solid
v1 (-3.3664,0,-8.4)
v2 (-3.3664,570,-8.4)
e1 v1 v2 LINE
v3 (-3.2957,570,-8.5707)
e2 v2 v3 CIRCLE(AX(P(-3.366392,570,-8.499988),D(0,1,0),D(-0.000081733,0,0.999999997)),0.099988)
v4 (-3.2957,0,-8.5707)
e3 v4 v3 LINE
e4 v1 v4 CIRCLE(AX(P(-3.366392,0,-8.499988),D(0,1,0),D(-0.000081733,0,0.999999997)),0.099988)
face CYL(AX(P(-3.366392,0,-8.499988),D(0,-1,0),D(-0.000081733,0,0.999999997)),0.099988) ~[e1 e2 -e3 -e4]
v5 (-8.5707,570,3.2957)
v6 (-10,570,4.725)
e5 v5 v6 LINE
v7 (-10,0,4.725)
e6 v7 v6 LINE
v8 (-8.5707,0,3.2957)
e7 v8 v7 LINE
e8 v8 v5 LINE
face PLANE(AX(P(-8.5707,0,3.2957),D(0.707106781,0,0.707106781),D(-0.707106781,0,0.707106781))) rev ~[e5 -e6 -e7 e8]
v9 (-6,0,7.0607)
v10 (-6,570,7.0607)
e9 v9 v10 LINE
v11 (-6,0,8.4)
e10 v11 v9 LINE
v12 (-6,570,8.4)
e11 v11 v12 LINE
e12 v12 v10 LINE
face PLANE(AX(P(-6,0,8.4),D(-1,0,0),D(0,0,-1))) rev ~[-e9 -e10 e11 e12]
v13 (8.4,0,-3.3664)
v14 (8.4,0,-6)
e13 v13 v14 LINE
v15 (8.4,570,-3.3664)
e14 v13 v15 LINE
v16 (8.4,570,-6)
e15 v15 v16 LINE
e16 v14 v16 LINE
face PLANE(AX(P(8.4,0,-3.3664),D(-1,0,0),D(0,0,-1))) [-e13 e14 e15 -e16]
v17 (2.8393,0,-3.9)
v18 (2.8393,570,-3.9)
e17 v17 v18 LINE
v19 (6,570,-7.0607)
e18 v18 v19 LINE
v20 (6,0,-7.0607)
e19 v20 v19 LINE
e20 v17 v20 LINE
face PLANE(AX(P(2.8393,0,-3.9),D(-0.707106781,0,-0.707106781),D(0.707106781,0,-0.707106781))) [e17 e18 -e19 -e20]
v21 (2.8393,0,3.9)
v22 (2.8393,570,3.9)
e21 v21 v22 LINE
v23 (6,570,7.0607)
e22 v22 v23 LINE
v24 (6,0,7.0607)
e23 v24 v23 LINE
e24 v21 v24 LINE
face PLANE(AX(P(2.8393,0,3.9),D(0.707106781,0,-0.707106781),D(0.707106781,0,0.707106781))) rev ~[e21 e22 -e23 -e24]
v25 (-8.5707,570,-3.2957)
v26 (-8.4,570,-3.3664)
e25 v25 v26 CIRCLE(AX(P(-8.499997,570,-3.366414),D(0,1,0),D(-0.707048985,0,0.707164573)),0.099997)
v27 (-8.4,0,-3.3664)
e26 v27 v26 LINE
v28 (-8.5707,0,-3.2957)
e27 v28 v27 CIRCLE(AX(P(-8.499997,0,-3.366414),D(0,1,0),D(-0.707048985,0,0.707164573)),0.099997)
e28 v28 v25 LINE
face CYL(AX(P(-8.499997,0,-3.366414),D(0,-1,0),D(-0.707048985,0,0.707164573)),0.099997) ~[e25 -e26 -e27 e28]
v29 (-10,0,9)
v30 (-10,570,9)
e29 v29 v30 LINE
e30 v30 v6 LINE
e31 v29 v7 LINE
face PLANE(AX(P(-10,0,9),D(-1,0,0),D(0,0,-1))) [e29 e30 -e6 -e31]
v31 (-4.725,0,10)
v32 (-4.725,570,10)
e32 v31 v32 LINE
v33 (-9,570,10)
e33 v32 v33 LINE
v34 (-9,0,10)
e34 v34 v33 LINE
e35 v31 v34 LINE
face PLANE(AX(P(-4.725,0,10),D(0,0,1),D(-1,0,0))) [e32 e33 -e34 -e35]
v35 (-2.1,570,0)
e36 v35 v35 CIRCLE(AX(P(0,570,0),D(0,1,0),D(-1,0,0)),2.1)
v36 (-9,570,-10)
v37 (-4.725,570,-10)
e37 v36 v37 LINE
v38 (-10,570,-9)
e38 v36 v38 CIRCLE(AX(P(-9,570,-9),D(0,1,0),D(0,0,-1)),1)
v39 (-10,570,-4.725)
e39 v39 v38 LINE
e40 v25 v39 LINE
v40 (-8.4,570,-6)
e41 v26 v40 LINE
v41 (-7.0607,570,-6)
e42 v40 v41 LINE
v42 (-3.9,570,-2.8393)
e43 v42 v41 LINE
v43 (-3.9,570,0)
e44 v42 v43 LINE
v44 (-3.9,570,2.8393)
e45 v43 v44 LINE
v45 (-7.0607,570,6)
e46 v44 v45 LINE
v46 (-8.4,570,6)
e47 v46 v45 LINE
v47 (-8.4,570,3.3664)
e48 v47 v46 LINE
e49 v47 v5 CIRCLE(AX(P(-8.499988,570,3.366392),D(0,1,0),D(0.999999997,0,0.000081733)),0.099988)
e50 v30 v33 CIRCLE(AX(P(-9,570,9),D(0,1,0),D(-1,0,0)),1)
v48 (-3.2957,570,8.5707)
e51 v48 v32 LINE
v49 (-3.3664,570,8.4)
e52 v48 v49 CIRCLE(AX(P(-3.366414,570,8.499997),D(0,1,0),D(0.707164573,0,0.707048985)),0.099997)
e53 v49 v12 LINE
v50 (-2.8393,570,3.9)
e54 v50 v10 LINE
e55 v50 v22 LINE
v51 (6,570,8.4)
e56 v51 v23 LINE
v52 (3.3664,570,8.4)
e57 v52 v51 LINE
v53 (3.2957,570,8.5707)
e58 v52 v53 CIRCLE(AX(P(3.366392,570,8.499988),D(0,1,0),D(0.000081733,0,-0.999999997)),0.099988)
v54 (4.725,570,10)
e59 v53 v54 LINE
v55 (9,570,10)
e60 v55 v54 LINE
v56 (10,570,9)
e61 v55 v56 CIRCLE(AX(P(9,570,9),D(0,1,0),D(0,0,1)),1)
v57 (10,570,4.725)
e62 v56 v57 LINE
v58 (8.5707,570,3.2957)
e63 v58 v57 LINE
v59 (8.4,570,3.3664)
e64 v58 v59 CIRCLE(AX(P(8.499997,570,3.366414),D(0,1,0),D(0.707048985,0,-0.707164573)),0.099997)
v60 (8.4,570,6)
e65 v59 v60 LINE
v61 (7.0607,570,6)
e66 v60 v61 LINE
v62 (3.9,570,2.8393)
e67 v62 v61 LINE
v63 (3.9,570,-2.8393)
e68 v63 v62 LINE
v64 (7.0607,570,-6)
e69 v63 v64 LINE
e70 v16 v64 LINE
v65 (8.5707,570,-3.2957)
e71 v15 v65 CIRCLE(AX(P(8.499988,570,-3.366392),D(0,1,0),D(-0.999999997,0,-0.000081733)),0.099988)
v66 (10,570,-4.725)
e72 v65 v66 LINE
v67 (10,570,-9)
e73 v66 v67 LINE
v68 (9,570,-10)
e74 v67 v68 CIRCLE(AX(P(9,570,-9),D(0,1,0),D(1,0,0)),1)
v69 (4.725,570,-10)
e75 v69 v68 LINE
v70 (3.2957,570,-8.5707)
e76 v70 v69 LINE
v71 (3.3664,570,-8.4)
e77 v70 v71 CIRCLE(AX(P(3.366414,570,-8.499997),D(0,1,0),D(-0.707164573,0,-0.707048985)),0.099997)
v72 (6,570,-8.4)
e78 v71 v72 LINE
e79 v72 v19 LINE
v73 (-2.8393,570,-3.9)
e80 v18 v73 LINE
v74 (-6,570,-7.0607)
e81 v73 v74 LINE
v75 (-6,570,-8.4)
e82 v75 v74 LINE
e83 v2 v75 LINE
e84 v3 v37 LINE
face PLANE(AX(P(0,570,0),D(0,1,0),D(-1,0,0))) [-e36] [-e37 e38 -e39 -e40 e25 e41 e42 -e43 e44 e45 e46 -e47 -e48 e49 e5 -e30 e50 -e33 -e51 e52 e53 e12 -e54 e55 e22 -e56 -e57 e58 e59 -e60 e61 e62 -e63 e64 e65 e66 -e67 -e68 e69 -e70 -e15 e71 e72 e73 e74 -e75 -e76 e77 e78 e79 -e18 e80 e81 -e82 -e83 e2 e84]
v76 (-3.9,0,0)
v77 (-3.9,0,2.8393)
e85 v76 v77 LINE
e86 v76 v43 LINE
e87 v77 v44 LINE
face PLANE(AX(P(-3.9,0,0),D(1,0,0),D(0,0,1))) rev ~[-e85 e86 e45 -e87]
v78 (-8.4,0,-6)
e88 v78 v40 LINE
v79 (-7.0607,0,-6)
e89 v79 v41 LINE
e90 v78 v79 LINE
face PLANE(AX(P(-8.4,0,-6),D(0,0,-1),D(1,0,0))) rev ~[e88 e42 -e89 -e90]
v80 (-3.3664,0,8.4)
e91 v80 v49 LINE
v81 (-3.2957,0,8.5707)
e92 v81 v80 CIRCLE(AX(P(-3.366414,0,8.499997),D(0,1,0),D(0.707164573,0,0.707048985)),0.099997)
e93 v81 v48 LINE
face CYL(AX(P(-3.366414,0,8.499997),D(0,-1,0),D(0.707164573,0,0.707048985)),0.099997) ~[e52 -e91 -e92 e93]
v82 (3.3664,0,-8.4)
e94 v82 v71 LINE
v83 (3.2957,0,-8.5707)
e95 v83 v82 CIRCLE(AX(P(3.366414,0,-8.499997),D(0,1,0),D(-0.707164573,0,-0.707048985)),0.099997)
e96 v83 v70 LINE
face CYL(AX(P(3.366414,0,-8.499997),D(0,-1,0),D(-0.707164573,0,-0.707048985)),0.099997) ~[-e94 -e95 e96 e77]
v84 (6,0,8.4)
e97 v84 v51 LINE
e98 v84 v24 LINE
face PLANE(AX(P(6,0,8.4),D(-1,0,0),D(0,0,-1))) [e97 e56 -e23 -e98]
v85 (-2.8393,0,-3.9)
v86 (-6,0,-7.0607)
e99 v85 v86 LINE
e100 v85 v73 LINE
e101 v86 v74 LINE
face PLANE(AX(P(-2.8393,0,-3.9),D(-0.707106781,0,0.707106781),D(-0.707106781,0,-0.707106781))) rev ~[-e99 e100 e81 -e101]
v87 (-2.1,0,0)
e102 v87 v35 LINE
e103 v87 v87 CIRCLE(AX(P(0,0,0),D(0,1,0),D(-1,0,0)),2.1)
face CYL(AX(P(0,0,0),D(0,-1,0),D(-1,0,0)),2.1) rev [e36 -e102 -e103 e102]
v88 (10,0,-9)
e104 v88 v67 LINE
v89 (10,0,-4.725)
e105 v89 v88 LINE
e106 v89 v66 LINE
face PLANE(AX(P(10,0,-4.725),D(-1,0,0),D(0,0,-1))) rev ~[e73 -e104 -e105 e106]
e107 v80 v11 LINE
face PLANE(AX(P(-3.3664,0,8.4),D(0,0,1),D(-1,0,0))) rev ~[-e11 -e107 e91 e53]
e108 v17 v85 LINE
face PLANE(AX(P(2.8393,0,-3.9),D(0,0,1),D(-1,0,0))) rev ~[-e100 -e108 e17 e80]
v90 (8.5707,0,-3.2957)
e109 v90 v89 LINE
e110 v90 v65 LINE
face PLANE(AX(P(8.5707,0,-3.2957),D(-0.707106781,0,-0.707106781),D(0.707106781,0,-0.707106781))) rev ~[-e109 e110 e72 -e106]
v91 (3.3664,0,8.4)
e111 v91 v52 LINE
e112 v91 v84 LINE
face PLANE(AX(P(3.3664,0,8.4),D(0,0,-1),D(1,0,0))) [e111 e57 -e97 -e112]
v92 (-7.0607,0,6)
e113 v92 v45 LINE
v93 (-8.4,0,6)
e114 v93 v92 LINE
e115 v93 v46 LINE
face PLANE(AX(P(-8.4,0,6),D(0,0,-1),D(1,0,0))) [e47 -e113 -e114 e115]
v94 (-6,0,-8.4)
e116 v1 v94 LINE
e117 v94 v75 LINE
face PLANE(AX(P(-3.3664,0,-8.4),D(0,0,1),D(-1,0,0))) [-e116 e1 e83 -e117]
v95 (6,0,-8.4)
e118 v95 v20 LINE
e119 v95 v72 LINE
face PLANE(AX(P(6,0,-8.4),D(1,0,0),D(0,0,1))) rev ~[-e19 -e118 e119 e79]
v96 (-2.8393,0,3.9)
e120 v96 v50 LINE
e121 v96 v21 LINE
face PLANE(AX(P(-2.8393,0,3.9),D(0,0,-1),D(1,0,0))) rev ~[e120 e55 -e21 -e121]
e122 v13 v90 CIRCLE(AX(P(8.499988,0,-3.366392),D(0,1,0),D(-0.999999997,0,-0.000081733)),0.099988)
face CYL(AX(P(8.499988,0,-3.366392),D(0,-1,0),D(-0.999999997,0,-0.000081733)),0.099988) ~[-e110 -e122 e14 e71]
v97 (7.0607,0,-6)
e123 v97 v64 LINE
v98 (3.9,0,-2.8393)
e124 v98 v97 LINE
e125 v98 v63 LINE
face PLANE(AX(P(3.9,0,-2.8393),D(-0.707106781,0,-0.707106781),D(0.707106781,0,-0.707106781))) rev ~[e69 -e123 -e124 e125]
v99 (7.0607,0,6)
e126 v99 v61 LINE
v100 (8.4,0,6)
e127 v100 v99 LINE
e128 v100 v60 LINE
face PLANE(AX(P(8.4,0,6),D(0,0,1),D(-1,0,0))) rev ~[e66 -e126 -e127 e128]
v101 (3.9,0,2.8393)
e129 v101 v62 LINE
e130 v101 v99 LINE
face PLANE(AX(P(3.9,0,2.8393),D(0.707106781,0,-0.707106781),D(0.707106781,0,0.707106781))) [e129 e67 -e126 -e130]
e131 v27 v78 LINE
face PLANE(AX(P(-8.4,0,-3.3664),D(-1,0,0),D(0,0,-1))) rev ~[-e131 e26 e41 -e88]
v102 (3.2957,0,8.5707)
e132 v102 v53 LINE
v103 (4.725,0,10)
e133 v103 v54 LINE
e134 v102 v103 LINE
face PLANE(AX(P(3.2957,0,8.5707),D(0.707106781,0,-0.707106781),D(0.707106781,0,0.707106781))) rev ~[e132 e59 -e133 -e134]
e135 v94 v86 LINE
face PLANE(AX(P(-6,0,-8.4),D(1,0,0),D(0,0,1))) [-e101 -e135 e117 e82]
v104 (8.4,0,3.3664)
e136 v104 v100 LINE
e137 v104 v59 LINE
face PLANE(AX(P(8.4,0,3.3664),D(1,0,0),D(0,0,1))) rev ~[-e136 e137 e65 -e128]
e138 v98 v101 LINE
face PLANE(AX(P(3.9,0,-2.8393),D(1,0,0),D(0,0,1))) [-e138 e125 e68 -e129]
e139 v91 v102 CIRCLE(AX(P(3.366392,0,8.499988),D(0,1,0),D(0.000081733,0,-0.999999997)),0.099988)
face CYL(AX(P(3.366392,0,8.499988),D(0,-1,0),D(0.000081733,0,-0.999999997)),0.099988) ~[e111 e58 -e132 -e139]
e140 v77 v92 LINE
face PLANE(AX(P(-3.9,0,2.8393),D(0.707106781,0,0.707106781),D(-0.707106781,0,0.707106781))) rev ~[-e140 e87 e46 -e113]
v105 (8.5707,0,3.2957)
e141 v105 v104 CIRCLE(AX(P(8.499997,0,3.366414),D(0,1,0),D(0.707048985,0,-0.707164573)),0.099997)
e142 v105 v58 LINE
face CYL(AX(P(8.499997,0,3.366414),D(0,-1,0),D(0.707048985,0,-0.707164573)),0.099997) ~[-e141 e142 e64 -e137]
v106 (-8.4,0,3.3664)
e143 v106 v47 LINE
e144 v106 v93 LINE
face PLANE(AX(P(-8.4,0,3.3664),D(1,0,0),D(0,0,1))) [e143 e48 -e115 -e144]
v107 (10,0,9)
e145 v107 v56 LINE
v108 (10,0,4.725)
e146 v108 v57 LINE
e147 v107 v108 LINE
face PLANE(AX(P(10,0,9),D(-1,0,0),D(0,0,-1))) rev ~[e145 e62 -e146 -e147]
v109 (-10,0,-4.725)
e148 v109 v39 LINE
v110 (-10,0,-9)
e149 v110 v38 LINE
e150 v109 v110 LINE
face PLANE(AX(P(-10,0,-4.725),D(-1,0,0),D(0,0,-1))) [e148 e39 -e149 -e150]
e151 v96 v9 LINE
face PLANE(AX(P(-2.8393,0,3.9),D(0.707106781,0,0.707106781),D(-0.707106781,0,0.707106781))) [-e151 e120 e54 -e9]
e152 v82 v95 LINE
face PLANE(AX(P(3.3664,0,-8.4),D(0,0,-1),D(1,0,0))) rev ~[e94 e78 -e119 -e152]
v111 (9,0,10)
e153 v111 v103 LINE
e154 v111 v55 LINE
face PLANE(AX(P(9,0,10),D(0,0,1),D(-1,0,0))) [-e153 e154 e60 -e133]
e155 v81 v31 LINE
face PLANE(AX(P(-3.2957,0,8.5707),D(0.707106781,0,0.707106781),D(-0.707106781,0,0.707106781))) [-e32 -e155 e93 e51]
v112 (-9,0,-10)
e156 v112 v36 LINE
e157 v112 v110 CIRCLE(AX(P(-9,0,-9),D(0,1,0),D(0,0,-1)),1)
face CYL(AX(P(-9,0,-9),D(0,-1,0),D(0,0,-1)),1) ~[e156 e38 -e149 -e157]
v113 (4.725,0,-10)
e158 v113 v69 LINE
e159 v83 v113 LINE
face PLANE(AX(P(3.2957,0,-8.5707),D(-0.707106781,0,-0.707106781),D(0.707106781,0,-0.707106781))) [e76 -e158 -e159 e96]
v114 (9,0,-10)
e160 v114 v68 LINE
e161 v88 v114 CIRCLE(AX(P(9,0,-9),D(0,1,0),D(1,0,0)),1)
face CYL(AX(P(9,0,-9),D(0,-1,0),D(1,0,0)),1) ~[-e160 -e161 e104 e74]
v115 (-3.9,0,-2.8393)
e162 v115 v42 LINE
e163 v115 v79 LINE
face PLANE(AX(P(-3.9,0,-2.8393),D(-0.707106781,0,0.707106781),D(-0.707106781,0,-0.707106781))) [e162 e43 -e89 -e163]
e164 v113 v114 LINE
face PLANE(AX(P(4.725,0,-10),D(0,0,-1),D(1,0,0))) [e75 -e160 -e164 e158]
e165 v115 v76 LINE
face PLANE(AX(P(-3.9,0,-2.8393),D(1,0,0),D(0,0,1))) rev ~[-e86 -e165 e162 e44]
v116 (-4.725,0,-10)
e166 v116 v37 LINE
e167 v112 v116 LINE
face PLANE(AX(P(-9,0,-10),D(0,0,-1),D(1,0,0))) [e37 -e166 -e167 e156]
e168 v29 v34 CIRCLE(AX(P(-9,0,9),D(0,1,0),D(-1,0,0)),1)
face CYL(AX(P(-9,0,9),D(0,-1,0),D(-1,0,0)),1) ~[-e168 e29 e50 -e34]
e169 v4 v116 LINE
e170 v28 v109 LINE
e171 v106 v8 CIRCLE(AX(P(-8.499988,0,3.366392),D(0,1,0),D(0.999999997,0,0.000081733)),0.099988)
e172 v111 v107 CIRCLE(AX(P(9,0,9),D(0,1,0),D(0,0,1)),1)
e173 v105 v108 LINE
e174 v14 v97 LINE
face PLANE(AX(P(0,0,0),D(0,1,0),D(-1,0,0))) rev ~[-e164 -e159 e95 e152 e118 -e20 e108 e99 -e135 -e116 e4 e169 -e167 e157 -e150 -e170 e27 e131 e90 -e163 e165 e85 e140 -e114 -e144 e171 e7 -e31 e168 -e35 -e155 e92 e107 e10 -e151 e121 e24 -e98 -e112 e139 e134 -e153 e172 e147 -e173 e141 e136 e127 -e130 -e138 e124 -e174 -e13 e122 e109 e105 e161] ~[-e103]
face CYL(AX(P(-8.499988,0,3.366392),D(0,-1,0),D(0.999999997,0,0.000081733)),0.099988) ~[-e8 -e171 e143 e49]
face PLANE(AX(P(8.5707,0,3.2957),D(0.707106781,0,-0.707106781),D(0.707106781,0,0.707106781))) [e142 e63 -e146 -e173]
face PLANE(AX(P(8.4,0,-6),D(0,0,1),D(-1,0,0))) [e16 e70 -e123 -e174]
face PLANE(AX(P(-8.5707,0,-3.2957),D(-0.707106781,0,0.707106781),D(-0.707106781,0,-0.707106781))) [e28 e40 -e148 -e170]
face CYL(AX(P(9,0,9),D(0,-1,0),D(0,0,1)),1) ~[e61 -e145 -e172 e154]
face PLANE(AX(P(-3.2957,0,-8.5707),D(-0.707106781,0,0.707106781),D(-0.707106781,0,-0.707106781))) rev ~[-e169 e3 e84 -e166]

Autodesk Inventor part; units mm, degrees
ref_plane "YZ Plane" through (0, 0, 0) normal (1, 0, 0) x (0, 1, 0)
ref_plane "XZ Plane" through (0, 0, 0) normal (0, 1, 0) x (-1, 0, 0)
ref_plane "XY Plane" through (0, 0, 0) normal (0, 0, 1) x (1, 0, 0)
sketch "Sketch1" plane through (0, 0, 0) normal (0, 1, 0) x (-1, 0, 0)
  line L0 (3.9, -2.8393) -> (3.9, 2.8393)
  line L1 (2.8393, 3.9) -> (-2.8393, 3.9)
  line L2 (-2.8393, -3.9) -> (2.8393, -3.9)
  line L3 (8.5707, 3.2957) -> (10, 4.725)
  line L4 (8.5707, -3.2957) -> (10, -4.725)
  line L5 (8.4, 3.3664) -> (8.4, 6)
  line L6 (8.4, 6) -> (7.0607, 6)
  line L7 (10, 9) -> (10, 4.725)
  line L8 (10, -4.725) -> (10, -9)
  line L9 (3.9, 2.8393) -> (7.0607, 6)
  line L10 (3.2957, 8.5707) -> (4.725, 10)
  line L11 (3.3664, 8.4) -> (6, 8.4)
  line L12 (6, 8.4) -> (6, 7.0607)
  line L13 (2.8393, 3.9) -> (6, 7.0607)
  line L14 (3.9, 0) -> (8.4, 0)
  line L15 (8.4, -3.3664) -> (8.4, -6)
  line L16 (8.4, -6) -> (7.0607, -6)
  line L17 (3.9, -2.8393) -> (7.0607, -6)
  line L18 (3.2957, -8.5707) -> (4.725, -10)
  line L19 (3.3664, -8.4) -> (6, -8.4)
  line L20 (6, -8.4) -> (6, -7.0607)
  line L21 (2.8393, -3.9) -> (6, -7.0607)
  line L22 (-3.9, -2.8393) -> (-3.9, 2.8393)
  line L23 (-8.5707, 3.2957) -> (-10, 4.725)
  line L24 (-8.5707, -3.2957) -> (-10, -4.725)
  line L25 (-8.4, 3.3664) -> (-8.4, 6)
  line L26 (-8.4, 6) -> (-7.0607, 6)
  line L27 (-10, 9) -> (-10, 4.725)
  line L28 (-10, -4.725) -> (-10, -9)
  line L29 (-3.9, 2.8393) -> (-7.0607, 6)
  line L30 (-3.2957, 8.5707) -> (-4.725, 10)
  line L31 (-3.3664, 8.4) -> (-6, 8.4)
  line L32 (-6, 8.4) -> (-6, 7.0607)
  line L33 (-2.8393, 3.9) -> (-6, 7.0607)
  line L34 (-3.9, -2.8393) -> (-7.0607, -6)
  line L35 (-8.4, -6) -> (-7.0607, -6)
  line L36 (-8.4, -3.3664) -> (-8.4, -6)
  line L37 (-2.8393, -3.9) -> (-6, -7.0607)
  line L38 (-6, -8.4) -> (-6, -7.0607)
  line L39 (-3.3664, -8.4) -> (-6, -8.4)
  line L40 (-3.2957, -8.5707) -> (-4.725, -10)
  line L41 (-9, 10) -> (-4.725, 10)
  line L42 (4.725, 10) -> (9, 10)
  line L43 (9, -10) -> (4.725, -10)
  line L44 (-4.725, -10) -> (-9, -10)
  circle A0 centre (0, 0) radius 2.1
  arc A1 (10, 9) -> (9, 10) centre (9, 9) ccw
  arc A2 (9, -10) -> (10, -9) centre (9, -9) ccw
  arc A3 (-10, -9) -> (-9, -10) centre (-9, -9) ccw
  arc A4 (-9, 10) -> (-10, 9) centre (-9, 9) ccw
  arc A5 (8.4, 3.3664) -> (8.5707, 3.2957) centre (8.5, 3.3664) ccw
  arc A6 (3.2957, 8.5707) -> (3.3664, 8.4) centre (3.3664, 8.5) ccw
  arc A7 (8.5707, -3.2957) -> (8.4, -3.3664) centre (8.5, -3.3664) ccw
  arc A8 (3.3664, -8.4) -> (3.2957, -8.5707) centre (3.3664, -8.5) ccw
  arc A9 (-3.2957, -8.5707) -> (-3.3664, -8.4) centre (-3.3664, -8.5) ccw
  arc A10 (-8.4, -3.3664) -> (-8.5707, -3.2957) centre (-8.5, -3.3664) ccw
  arc A11 (-8.5707, 3.2957) -> (-8.4, 3.3664) centre (-8.5, 3.3664) ccw
  arc A12 (-3.3664, 8.4) -> (-3.2957, 8.5707) centre (-3.3664, 8.5) ccw
  dimension "d11" = 1
extrude "Extrusion1" add sketch "Sketch1" along normal blind 570
properties part number "VSLOT20x20x570"
